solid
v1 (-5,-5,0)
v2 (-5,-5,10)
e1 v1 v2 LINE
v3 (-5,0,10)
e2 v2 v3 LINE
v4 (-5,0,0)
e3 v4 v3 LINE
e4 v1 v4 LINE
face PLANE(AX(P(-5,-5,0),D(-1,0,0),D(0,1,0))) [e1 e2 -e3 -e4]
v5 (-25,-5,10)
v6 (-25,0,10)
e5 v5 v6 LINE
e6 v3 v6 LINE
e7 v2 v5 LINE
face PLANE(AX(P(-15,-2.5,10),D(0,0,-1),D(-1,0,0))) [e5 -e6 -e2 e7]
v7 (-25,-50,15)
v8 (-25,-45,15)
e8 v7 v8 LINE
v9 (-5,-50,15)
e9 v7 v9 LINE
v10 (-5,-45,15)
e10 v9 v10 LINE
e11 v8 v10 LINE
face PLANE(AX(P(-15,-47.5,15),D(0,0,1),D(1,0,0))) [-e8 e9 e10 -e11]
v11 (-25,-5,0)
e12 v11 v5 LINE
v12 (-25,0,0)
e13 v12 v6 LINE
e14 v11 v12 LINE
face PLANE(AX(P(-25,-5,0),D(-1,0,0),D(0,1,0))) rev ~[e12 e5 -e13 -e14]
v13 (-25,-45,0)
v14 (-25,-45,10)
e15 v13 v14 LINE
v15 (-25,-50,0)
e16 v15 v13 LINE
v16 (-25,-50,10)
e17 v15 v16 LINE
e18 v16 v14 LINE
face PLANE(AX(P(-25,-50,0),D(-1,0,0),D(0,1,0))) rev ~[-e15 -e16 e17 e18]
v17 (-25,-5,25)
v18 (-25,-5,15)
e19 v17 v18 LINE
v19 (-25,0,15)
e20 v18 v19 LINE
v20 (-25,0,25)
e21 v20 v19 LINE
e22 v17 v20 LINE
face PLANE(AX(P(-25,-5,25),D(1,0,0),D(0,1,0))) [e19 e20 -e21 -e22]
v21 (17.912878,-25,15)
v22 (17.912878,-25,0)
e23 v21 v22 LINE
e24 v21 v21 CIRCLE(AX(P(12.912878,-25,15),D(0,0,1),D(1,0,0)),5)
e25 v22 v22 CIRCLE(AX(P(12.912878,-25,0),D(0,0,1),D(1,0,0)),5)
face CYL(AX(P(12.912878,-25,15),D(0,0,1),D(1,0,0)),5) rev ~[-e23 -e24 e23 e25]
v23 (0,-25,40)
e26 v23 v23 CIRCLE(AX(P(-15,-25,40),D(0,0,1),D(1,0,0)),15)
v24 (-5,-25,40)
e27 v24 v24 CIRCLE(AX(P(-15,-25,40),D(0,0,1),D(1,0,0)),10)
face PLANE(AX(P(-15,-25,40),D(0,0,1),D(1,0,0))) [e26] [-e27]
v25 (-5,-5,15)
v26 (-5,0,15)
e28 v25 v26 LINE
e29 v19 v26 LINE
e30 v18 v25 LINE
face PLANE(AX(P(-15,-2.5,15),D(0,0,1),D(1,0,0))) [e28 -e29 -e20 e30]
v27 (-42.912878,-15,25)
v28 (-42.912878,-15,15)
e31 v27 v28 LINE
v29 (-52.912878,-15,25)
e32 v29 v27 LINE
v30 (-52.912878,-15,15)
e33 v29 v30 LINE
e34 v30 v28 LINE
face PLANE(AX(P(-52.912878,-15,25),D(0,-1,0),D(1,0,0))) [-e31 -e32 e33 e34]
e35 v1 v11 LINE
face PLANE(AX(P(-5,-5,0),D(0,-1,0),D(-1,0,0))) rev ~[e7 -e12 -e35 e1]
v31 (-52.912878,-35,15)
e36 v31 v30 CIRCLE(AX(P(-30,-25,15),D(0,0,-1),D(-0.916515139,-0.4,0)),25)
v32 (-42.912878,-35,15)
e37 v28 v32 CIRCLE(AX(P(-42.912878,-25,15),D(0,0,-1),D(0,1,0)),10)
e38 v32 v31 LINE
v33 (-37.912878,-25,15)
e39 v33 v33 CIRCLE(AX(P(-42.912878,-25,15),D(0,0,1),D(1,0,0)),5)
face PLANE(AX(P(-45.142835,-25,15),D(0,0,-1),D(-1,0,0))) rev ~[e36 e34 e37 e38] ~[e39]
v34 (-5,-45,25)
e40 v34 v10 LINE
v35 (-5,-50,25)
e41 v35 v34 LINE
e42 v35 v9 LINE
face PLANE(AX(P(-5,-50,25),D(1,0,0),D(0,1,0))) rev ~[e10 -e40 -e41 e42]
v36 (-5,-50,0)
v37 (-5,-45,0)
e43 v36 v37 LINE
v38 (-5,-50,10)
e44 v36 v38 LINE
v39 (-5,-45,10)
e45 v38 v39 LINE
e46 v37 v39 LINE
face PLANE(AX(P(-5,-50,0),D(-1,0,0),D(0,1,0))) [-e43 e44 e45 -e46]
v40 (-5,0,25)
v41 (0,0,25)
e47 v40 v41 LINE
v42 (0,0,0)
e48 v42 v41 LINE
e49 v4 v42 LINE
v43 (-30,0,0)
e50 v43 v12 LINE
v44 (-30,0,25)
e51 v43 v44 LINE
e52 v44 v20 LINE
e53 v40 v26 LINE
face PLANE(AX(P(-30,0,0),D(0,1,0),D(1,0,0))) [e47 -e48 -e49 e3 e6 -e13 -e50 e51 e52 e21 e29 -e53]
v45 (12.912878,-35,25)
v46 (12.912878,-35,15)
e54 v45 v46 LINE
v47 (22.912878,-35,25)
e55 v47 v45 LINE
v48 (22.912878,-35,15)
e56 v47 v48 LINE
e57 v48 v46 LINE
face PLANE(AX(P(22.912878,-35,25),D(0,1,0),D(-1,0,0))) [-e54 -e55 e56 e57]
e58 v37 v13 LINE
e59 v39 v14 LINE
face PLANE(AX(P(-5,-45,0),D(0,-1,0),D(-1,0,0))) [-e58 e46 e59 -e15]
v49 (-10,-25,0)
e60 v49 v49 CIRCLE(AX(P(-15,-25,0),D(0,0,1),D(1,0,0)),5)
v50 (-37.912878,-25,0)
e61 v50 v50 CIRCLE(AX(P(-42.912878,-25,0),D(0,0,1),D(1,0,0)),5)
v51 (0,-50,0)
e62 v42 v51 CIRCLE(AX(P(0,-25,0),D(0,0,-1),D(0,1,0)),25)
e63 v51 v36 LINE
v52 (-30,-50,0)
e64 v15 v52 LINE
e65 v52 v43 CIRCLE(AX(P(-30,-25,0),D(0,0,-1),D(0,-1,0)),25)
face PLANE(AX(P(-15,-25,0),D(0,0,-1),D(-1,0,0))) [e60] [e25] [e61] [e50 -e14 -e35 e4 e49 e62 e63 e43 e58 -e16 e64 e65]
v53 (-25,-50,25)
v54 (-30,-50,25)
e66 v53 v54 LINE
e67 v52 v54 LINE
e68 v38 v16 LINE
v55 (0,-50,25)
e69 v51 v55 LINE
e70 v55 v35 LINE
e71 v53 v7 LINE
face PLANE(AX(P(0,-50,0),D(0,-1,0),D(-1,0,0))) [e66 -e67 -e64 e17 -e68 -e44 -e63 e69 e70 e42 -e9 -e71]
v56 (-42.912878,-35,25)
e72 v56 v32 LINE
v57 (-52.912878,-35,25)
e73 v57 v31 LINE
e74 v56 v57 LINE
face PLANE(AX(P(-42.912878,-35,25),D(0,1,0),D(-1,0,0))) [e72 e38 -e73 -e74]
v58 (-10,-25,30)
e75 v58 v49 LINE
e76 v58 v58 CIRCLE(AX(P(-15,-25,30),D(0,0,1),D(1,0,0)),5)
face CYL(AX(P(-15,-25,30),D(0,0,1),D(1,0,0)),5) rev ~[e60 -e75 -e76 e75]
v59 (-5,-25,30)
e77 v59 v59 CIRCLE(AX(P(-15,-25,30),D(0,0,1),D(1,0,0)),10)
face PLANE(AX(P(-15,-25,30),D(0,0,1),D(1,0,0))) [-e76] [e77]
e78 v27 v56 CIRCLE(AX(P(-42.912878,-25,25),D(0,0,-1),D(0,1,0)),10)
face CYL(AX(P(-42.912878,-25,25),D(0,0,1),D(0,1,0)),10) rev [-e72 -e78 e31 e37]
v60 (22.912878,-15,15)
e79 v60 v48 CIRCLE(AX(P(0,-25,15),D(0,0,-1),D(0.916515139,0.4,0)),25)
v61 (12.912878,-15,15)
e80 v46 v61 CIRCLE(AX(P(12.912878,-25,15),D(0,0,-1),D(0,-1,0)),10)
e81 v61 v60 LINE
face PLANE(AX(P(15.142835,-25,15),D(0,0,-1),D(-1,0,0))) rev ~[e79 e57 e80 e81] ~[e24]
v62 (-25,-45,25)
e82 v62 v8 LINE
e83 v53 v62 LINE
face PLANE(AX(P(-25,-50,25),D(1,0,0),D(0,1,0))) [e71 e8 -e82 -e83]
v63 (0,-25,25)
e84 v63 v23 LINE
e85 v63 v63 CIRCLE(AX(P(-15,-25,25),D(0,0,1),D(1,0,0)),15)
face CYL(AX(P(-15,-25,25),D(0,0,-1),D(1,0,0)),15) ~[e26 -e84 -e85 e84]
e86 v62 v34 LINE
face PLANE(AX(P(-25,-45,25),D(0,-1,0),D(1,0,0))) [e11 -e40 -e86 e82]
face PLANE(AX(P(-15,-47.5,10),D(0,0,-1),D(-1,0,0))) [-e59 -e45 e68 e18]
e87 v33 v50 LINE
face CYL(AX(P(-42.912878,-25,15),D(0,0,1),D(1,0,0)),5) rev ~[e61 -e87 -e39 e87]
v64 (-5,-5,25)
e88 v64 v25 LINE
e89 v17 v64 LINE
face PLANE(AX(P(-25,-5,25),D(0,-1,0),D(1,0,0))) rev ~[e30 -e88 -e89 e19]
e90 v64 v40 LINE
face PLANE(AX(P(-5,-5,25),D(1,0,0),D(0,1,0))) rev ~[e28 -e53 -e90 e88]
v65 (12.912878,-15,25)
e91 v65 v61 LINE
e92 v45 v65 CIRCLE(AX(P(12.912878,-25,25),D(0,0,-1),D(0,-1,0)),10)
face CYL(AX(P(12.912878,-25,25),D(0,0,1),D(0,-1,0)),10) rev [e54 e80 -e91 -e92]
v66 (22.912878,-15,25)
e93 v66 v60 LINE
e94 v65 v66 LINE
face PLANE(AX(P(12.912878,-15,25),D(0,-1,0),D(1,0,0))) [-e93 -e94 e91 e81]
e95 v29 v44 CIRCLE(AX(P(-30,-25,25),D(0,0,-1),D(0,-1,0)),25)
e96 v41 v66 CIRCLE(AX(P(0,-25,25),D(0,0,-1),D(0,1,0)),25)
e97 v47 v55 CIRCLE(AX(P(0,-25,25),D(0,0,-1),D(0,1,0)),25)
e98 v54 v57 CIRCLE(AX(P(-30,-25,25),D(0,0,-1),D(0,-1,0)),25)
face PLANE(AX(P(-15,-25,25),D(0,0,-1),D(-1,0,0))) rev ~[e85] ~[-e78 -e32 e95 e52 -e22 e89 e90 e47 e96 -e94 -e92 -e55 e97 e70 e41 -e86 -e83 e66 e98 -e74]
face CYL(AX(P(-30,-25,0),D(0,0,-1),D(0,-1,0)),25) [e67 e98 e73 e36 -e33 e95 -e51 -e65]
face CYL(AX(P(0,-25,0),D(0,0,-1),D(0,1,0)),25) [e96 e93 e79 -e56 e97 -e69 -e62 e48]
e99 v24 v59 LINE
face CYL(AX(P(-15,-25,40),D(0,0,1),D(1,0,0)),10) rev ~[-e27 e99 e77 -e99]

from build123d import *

# Parameters (mm, degrees)
BOSS_EXTRUDE2_DEPTH = 25
SKETCH2_W           = 20
SKETCH2_H           = 5
CUT_EXTRUDE2_DEPTH  = 10
SKETCH3_W           = 20
SKETCH3_H           = 5
CUT_EXTRUDE3_DEPTH  = 10
SKETCH4_R           = 15
BOSS_EXTRUDE3_DEPTH = 15
SKETCH5_R           = 10
CUT_EXTRUDE4_DEPTH  = 10
SKETCH6_R           = 5
CUT_EXTRUDE9_DEPTH  = 300
CUT_EXTRUDE10_DEPTH = 10
SKETCH9_R           = 5
CUT_EXTRUDE11_DEPTH = 70


with BuildPart() as part:
    # Sketch1 → Boss-Extrude2 (new body)
    with BuildSketch(Plane.XY):
        with BuildLine():
            Line((-30, 0), (0, 0))
            ThreePointArc((0, 0), (25, -25), (0, -50))
            Line((0, -50), (-30, -50))
            ThreePointArc((-30, -50), (-55, -25), (-30, 0))
        make_face()
    extrude(amount=BOSS_EXTRUDE2_DEPTH)

    # Sketch2 → Cut-Extrude2 (cut)
    with BuildSketch(Plane.XY.offset(25)):
        with Locations((-15, -2.5)):
            Rectangle(SKETCH2_W, SKETCH2_H)
        with Locations((-15, -47.5)):
            Rectangle(SKETCH2_W, SKETCH2_H)
    extrude(amount=-CUT_EXTRUDE2_DEPTH, mode=Mode.SUBTRACT)

    # Sketch3 → Cut-Extrude3 (cut)
    with BuildSketch(Plane(origin=(0, 0, 0), x_dir=(-1, 0, 0), z_dir=(0, 0, -1))):
        with Locations((15, -2.5)):
            Rectangle(SKETCH3_W, SKETCH3_H)
        with Locations((15, -47.5)):
            Rectangle(SKETCH3_W, SKETCH3_H)
    extrude(amount=-CUT_EXTRUDE3_DEPTH, mode=Mode.SUBTRACT)

    # Sketch4 → Boss-Extrude3 (add)
    with BuildSketch(Plane.XY.offset(25)):
        with Locations((-15, -25)):
            Circle(SKETCH4_R)
    extrude(amount=BOSS_EXTRUDE3_DEPTH)

    # Sketch5 → Cut-Extrude4 (cut)
    with BuildSketch(Plane.XY.offset(40)):
        with Locations((-15, -25)):
            Circle(SKETCH5_R)
    extrude(amount=-CUT_EXTRUDE4_DEPTH, mode=Mode.SUBTRACT)

    # Sketch6 → Cut-Extrude9 (cut)
    with BuildSketch(Plane.XY.offset(30)):
        with Locations((-15, -25)):
            Circle(SKETCH6_R)
    extrude(amount=-CUT_EXTRUDE9_DEPTH, mode=Mode.SUBTRACT)

    # Sketch8 → Cut-Extrude10 (cut)
    with BuildSketch(Plane.XY.offset(25)):
        with BuildLine():
            Line((22.912878475, -35), (12.912878475, -35))
            ThreePointArc((12.912878475, -35), (2.912878475, -25), (12.912878475, -15))
            Line((12.912878475, -15), (22.912878475, -15))
            ThreePointArc((22.912878475, -15), (25, -25), (22.912878475, -35))
        make_face()
        with BuildLine():
            Line((-52.912878475, -15), (-42.912878475, -15))
            ThreePointArc((-42.912878475, -15), (-32.912878475, -25), (-42.912878475, -35))
            Line((-42.912878475, -35), (-52.912878475, -35))
            ThreePointArc((-52.912878475, -35), (-55, -25), (-52.912878475, -15))
        make_face()
    extrude(amount=-CUT_EXTRUDE10_DEPTH, mode=Mode.SUBTRACT)

    # Sketch9 → Cut-Extrude11 (cut)
    with BuildSketch(Plane.XY.offset(15)):
        with Locations((-42.912878475, -25)):
            Circle(SKETCH9_R)
        with Locations((12.912878475, -25)):
            Circle(SKETCH9_R)
    extrude(amount=-CUT_EXTRUDE11_DEPTH, mode=Mode.SUBTRACT)


solid = part.part
